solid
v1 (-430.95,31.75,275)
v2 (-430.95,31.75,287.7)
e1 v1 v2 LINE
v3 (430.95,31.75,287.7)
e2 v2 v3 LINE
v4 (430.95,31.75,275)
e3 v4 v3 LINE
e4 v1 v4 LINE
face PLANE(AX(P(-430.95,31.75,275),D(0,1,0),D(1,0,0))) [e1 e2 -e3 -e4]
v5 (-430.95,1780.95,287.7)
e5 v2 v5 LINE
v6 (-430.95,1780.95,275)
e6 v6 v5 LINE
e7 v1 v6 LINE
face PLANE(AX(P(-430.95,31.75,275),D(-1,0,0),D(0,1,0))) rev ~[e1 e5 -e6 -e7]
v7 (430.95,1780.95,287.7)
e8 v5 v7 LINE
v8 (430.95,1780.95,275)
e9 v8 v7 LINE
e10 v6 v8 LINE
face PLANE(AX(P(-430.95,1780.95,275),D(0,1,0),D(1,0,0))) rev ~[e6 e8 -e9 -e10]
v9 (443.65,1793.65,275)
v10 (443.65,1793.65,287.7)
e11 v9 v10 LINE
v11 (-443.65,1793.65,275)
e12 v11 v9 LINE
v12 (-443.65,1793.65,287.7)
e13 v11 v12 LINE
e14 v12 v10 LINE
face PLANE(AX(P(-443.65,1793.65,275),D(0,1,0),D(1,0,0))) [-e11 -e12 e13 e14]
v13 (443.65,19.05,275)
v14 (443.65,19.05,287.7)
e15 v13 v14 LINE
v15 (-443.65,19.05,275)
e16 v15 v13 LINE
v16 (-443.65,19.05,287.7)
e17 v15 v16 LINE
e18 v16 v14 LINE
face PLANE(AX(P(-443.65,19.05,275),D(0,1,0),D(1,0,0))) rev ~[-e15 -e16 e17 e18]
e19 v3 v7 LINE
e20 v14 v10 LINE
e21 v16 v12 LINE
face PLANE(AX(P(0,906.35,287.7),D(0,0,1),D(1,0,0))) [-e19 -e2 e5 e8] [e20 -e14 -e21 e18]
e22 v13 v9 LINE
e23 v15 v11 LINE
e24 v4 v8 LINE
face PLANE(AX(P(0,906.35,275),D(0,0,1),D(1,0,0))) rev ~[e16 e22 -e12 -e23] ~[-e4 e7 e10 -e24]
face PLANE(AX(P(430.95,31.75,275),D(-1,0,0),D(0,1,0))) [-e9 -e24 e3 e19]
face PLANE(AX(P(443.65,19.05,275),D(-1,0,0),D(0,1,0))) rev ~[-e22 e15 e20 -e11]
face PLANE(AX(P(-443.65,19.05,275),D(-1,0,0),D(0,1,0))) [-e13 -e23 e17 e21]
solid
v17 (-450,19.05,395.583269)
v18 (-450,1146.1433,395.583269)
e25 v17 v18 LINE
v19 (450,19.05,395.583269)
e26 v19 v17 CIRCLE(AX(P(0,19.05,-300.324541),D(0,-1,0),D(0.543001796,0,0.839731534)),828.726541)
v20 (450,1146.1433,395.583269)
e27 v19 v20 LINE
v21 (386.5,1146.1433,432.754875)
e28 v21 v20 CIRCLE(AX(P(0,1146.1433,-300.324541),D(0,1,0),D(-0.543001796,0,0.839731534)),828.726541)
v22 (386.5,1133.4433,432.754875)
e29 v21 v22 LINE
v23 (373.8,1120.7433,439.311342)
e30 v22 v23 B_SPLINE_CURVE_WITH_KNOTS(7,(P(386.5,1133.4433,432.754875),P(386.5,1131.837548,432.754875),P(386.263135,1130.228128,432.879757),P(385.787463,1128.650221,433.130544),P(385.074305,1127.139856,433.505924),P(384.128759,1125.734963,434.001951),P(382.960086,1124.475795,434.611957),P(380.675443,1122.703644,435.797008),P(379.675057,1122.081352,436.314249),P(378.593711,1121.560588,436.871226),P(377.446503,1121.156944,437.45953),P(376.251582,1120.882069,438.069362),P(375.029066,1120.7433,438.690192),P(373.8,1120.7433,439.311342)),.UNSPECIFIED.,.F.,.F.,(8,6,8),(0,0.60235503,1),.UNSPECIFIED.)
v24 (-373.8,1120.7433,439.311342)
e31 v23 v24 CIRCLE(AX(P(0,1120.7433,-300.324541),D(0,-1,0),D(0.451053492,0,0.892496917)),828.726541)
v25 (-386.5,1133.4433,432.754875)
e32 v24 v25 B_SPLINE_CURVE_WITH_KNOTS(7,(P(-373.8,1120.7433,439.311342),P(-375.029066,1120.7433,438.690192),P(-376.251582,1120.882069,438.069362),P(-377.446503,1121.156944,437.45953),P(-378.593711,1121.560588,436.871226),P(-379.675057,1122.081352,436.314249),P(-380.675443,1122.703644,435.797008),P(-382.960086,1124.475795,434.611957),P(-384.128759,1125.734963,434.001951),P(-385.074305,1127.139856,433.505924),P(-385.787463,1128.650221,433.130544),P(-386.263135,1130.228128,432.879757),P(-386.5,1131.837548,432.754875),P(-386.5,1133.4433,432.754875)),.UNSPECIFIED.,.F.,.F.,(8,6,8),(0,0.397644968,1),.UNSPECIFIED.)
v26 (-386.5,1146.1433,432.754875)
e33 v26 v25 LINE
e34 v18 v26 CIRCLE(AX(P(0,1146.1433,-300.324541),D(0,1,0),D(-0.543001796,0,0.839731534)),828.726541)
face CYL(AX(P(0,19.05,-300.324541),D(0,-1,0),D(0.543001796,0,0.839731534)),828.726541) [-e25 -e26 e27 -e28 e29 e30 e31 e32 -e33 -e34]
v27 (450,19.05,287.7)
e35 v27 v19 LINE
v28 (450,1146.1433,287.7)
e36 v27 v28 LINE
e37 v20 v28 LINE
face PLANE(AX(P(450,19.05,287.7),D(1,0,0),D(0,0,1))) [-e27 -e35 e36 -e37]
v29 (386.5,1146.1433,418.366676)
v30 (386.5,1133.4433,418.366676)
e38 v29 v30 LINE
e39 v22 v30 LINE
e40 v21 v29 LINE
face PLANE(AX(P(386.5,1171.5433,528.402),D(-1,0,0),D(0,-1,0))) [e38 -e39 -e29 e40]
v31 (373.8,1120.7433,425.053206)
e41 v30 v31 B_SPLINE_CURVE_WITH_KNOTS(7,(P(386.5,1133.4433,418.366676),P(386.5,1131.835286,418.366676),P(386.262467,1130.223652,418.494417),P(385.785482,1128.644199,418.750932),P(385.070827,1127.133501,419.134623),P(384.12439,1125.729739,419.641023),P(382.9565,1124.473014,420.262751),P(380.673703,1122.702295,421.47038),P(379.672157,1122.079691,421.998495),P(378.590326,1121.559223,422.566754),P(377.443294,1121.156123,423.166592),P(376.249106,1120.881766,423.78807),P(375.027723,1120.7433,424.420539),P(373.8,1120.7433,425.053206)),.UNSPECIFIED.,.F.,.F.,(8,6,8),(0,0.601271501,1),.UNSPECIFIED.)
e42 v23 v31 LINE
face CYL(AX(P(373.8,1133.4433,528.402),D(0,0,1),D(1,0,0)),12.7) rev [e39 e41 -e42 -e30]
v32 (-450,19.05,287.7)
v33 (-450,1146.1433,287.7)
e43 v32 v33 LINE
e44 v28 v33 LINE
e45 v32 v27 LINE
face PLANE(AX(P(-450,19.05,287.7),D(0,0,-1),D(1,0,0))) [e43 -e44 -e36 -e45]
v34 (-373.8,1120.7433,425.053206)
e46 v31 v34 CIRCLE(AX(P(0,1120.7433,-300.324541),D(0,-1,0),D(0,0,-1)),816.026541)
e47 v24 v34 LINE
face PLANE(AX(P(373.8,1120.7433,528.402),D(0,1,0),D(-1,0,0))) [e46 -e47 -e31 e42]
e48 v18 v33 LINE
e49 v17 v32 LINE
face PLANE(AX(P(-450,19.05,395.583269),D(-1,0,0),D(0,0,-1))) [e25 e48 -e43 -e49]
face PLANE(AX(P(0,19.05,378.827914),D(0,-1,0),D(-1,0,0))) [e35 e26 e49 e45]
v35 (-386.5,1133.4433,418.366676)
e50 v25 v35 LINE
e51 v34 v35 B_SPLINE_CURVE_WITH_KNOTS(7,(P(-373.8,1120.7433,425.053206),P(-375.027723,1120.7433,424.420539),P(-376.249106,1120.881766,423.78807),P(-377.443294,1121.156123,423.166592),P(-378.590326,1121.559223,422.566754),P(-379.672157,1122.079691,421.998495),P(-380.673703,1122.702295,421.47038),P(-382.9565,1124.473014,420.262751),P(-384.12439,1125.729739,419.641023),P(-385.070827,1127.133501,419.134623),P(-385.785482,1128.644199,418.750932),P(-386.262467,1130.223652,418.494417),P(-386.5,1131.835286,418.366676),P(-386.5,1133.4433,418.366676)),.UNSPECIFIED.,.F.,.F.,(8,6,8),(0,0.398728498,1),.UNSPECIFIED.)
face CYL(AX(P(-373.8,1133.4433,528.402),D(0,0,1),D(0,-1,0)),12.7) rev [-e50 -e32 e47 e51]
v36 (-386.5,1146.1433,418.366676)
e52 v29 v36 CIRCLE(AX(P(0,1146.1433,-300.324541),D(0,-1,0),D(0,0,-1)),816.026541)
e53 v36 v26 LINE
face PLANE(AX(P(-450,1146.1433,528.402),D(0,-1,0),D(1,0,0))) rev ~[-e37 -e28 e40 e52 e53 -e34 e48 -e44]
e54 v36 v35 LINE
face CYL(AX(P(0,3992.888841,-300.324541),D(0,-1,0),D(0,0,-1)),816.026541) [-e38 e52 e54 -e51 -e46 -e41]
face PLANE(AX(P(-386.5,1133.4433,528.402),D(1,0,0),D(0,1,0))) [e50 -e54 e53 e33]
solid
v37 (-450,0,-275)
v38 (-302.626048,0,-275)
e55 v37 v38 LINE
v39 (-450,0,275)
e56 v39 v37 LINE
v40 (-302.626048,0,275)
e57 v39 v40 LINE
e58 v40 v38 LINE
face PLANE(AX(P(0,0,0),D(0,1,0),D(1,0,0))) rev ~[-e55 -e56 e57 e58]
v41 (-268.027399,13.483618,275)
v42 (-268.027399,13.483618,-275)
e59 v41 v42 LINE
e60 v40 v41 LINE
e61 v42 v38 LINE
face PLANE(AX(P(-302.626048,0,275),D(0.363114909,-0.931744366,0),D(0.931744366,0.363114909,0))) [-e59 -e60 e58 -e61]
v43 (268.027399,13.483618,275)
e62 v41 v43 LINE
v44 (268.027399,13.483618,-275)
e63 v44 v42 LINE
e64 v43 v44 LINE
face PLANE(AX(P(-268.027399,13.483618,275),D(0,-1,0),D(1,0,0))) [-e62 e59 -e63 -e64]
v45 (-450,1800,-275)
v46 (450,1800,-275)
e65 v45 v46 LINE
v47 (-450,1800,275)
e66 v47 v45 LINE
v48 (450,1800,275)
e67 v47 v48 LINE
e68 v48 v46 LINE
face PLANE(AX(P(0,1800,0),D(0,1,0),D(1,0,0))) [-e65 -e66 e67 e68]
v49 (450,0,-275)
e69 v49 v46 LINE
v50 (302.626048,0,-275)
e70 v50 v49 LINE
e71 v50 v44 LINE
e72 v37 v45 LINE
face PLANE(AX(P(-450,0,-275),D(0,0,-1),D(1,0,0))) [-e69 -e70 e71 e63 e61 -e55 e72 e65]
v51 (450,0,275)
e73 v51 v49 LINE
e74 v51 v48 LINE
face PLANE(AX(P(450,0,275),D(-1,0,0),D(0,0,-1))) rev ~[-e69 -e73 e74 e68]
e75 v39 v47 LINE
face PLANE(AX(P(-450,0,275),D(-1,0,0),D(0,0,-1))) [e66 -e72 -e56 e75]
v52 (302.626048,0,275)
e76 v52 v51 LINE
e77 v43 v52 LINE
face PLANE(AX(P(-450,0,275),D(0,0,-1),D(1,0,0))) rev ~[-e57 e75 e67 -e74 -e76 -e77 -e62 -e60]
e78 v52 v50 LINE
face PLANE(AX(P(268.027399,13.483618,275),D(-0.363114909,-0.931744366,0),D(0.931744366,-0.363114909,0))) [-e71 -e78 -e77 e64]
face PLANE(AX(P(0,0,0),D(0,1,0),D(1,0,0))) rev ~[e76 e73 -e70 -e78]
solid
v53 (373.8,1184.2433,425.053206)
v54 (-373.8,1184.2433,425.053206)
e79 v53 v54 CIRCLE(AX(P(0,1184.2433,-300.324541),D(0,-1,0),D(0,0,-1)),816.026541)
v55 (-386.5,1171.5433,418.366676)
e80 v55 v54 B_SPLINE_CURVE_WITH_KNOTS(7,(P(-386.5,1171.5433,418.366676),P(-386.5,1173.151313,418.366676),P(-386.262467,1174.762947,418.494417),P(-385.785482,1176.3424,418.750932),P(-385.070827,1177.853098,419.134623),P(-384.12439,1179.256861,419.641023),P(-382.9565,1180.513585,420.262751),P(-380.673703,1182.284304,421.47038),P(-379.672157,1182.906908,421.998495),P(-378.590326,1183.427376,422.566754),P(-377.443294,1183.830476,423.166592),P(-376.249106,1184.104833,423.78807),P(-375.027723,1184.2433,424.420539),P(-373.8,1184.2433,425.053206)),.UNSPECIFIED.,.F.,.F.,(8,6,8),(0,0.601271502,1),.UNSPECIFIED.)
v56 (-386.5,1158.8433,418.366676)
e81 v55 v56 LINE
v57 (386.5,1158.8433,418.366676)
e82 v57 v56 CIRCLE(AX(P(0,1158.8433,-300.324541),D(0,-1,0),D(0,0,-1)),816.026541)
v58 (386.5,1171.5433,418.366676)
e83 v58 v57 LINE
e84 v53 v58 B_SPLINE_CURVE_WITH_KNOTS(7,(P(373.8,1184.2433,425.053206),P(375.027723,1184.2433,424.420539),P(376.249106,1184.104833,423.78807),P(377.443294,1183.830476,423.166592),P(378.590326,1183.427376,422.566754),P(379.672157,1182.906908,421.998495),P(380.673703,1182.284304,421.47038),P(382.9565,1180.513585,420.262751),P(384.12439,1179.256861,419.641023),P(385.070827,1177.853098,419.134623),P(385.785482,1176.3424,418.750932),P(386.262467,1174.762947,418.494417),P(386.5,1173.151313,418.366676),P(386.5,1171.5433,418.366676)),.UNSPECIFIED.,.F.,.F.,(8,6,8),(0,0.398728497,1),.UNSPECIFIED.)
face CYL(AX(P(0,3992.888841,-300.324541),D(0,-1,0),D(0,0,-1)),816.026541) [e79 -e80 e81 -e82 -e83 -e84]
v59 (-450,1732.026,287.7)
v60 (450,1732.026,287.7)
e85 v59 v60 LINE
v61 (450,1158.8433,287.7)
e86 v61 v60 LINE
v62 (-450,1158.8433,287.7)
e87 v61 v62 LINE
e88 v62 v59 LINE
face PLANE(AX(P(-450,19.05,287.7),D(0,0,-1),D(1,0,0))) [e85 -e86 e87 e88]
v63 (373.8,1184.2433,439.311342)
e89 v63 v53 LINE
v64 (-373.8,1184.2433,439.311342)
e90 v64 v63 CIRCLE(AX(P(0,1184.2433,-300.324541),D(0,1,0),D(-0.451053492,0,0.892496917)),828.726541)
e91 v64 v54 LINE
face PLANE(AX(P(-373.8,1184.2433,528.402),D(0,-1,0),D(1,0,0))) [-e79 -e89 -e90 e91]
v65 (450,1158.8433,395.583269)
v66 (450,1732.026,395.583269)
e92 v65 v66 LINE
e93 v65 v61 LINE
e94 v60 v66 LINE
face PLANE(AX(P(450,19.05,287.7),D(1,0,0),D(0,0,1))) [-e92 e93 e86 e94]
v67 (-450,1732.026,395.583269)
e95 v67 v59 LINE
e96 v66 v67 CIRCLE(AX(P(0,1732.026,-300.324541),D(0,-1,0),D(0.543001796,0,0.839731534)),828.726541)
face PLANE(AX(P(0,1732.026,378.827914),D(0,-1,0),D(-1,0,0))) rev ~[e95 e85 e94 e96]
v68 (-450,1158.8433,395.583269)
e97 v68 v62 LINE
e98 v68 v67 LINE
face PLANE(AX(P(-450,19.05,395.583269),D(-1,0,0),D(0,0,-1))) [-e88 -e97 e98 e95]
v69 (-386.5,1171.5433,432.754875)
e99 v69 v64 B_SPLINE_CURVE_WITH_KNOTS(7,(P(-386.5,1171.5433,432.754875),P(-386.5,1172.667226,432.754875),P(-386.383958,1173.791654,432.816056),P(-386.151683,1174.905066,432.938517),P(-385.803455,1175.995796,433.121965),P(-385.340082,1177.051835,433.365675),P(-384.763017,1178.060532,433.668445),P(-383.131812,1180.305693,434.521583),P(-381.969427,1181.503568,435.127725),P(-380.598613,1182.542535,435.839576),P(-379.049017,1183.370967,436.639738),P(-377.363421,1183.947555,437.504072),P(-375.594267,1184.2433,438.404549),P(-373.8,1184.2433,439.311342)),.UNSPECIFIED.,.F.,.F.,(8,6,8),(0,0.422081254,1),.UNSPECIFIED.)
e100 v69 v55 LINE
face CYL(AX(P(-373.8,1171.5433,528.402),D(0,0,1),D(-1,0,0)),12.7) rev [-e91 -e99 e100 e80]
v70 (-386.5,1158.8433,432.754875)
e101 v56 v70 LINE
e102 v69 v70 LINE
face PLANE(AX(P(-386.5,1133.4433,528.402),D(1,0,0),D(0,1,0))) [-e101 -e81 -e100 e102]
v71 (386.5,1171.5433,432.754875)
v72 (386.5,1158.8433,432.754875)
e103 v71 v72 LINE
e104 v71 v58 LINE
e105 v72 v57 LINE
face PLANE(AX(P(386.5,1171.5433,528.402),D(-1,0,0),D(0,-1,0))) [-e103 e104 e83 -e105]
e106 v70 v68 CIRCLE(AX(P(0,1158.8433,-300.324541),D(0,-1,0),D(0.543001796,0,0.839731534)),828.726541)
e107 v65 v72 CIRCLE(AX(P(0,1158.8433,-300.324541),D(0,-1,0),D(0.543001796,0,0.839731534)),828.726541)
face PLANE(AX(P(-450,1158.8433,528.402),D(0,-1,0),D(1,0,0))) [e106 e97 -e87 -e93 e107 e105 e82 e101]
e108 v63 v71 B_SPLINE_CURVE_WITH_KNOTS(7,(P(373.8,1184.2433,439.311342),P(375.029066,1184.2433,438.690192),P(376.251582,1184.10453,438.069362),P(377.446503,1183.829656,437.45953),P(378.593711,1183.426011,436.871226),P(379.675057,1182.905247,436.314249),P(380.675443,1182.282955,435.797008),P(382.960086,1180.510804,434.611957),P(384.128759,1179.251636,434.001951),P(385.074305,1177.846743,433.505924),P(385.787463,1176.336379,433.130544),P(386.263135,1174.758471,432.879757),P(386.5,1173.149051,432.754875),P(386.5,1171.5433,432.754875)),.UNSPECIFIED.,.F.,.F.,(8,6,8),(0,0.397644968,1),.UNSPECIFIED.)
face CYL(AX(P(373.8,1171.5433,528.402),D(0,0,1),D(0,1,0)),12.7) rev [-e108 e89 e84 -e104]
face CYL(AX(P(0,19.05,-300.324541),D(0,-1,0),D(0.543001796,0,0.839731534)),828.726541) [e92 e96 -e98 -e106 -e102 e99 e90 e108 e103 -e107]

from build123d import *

# Parameters (mm, degrees)
SKETCH1_W               = 900
SKETCH1_H               = 550
BOSS_EXTRUDE1_DEPTH     = 1800
BOSS_EXTRUDE2_START     = 19.05
BOSS_EXTRUDE2_DEPTH     = 1712.976
SKETCH3_W               = 900
SKETCH3_H               = 12.7
CUT_EXTRUDE1_DEPTH      = 1712.976
CUT_EXTRUDE2_REACH      = 2023.869
CUT_EXTRUDE2_END_RADIUS = 816.026540559
SKETCH5_W               = 887.3
SKETCH5_H               = 1774.6
SKETCH5_W_2             = 861.9
SKETCH5_H_2             = 1749.2
EXTRUDE_THIN1_DEPTH     = 12.7
CUT_EXTRUDE3_DEPTH      = 1936.20024806


with BuildPart() as part:
    # Sketch1 → Boss-Extrude1 (new body)
    with BuildSketch(Plane(origin=(0, 0, 0), x_dir=(1, 0, 0), z_dir=(0, 1, 0))):
        Rectangle(SKETCH1_W, SKETCH1_H)
    extrude(amount=BOSS_EXTRUDE1_DEPTH)

    # Sketch6 → Cut-Extrude3 (cut, through all)
    with BuildSketch(Plane.XY.offset(275)):
        Polygon((-302.626047731, 0), (-268.027399007, 13.483618078), (268.027399007, 13.483618078), (302.626047731, 0), align=None)
    extrude(amount=-CUT_EXTRUDE3_DEPTH, mode=Mode.SUBTRACT)


with BuildPart() as body_2:
    # Sketch2 → Boss-Extrude2 (new body)
    with BuildSketch(Plane(origin=(0, 0, 0), x_dir=(1, 0, 0), z_dir=(0, 1, 0)).offset(BOSS_EXTRUDE2_START)):
        with BuildLine():
            Line((-450, -287.7), (450, -287.7))
            Line((450, -287.7), (450, -395.583268728))
            ThreePointArc((450, -395.583268728), (0, -528.402), (-450, -395.583268728))
            Line((-450, -395.583268728), (-450, -287.7))
        make_face()
    extrude(amount=BOSS_EXTRUDE2_DEPTH)

    # Sketch3 → Cut-Extrude1 (cut)
    with BuildSketch(Plane.XY.offset(528.402)):
        with Locations((0, 1152.493299562)):
            Rectangle(SKETCH3_W, SKETCH3_H)
    extrude(amount=-CUT_EXTRUDE1_DEPTH, mode=Mode.SUBTRACT)


with BuildPart() as cut_extrude1_piece_1:
    # of the separate pieces the step leaves, piece 1, a body of its own (cut_extrude1_pieces)
    add(body_2.part.solids().sort_by_distance((-450, 19.05, 395.583268728))[0])


with BuildPart() as cut_extrude1_piece_2:
    # of the separate pieces the step leaves, piece 2, a body of its own (cut_extrude1_pieces)
    add(body_2.part.solids().sort_by_distance((-450, 1158.843299562, 395.583268728))[0])


with BuildPart() as cut_extrude2_tool:
    # Cut-Extrude2: up to this cylinder (the profile starts outside it)
    cut_extrude2_end = Plane(origin=(0, 1152.4933, -300.324540559), z_dir=(0, -1, 0)) * Cylinder(CUT_EXTRUDE2_END_RADIUS, 5680.791081118, mode=Mode.PRIVATE)
    # Sketch4 → Cut-Extrude2 (new, up to the surface)
    with BuildSketch(Plane.XY.offset(528.402), mode=Mode.PRIVATE) as cut_extrude2_sk1:
        with BuildLine():
            Line((-373.8, 1184.243299562), (373.8, 1184.243299562))
            ThreePointArc((373.8, 1184.243299562), (382.780256121, 1180.523555683), (386.5, 1171.543299562))
            Line((386.5, 1171.543299562), (386.5, 1133.443299562))
            ThreePointArc((386.5, 1133.443299562), (382.780256121, 1124.463043441), (373.8, 1120.743299562))
            Line((373.8, 1120.743299562), (-373.8, 1120.743299562))
            ThreePointArc((-373.8, 1120.743299562), (-382.780256121, 1124.463043441), (-386.5, 1133.443299562))
            Line((-386.5, 1133.443299562), (-386.5, 1171.543299562))
            ThreePointArc((-386.5, 1171.543299562), (-382.780256121, 1180.523555683), (-373.8, 1184.243299562))
        make_face()
    cut_extrude2_tool1 = extrude(cut_extrude2_sk1.sketch, amount=-CUT_EXTRUDE2_REACH, mode=Mode.PRIVATE) - cut_extrude2_end
    add(cut_extrude2_tool1.solids().sort_by_distance((0, 1152.4933, 528.402))[0])


with BuildPart() as cut_extrude1_piece_1_1:
    add(cut_extrude1_piece_1.part)

    # Cut-Extrude2: cut by cut_extrude2_tool
    add(cut_extrude2_tool.part, mode=Mode.SUBTRACT)


with BuildPart() as cut_extrude1_piece_2_1:
    add(cut_extrude1_piece_2.part)

    # Cut-Extrude2: cut by cut_extrude2_tool
    add(cut_extrude2_tool.part, mode=Mode.SUBTRACT)


with BuildPart() as body_4:
    # Sketch5 → Extrude-Thin1 (new body)
    with BuildSketch(Plane.XY.offset(275)):
        with Locations((0, 906.35)):
            Rectangle(SKETCH5_W, SKETCH5_H)
        with Locations((0, 906.35)):
            Rectangle(SKETCH5_W_2, SKETCH5_H_2, mode=Mode.SUBTRACT)
    extrude(amount=EXTRUDE_THIN1_DEPTH)


solid = Compound([part.part, cut_extrude1_piece_1_1.part, cut_extrude1_piece_2_1.part, body_4.part])
